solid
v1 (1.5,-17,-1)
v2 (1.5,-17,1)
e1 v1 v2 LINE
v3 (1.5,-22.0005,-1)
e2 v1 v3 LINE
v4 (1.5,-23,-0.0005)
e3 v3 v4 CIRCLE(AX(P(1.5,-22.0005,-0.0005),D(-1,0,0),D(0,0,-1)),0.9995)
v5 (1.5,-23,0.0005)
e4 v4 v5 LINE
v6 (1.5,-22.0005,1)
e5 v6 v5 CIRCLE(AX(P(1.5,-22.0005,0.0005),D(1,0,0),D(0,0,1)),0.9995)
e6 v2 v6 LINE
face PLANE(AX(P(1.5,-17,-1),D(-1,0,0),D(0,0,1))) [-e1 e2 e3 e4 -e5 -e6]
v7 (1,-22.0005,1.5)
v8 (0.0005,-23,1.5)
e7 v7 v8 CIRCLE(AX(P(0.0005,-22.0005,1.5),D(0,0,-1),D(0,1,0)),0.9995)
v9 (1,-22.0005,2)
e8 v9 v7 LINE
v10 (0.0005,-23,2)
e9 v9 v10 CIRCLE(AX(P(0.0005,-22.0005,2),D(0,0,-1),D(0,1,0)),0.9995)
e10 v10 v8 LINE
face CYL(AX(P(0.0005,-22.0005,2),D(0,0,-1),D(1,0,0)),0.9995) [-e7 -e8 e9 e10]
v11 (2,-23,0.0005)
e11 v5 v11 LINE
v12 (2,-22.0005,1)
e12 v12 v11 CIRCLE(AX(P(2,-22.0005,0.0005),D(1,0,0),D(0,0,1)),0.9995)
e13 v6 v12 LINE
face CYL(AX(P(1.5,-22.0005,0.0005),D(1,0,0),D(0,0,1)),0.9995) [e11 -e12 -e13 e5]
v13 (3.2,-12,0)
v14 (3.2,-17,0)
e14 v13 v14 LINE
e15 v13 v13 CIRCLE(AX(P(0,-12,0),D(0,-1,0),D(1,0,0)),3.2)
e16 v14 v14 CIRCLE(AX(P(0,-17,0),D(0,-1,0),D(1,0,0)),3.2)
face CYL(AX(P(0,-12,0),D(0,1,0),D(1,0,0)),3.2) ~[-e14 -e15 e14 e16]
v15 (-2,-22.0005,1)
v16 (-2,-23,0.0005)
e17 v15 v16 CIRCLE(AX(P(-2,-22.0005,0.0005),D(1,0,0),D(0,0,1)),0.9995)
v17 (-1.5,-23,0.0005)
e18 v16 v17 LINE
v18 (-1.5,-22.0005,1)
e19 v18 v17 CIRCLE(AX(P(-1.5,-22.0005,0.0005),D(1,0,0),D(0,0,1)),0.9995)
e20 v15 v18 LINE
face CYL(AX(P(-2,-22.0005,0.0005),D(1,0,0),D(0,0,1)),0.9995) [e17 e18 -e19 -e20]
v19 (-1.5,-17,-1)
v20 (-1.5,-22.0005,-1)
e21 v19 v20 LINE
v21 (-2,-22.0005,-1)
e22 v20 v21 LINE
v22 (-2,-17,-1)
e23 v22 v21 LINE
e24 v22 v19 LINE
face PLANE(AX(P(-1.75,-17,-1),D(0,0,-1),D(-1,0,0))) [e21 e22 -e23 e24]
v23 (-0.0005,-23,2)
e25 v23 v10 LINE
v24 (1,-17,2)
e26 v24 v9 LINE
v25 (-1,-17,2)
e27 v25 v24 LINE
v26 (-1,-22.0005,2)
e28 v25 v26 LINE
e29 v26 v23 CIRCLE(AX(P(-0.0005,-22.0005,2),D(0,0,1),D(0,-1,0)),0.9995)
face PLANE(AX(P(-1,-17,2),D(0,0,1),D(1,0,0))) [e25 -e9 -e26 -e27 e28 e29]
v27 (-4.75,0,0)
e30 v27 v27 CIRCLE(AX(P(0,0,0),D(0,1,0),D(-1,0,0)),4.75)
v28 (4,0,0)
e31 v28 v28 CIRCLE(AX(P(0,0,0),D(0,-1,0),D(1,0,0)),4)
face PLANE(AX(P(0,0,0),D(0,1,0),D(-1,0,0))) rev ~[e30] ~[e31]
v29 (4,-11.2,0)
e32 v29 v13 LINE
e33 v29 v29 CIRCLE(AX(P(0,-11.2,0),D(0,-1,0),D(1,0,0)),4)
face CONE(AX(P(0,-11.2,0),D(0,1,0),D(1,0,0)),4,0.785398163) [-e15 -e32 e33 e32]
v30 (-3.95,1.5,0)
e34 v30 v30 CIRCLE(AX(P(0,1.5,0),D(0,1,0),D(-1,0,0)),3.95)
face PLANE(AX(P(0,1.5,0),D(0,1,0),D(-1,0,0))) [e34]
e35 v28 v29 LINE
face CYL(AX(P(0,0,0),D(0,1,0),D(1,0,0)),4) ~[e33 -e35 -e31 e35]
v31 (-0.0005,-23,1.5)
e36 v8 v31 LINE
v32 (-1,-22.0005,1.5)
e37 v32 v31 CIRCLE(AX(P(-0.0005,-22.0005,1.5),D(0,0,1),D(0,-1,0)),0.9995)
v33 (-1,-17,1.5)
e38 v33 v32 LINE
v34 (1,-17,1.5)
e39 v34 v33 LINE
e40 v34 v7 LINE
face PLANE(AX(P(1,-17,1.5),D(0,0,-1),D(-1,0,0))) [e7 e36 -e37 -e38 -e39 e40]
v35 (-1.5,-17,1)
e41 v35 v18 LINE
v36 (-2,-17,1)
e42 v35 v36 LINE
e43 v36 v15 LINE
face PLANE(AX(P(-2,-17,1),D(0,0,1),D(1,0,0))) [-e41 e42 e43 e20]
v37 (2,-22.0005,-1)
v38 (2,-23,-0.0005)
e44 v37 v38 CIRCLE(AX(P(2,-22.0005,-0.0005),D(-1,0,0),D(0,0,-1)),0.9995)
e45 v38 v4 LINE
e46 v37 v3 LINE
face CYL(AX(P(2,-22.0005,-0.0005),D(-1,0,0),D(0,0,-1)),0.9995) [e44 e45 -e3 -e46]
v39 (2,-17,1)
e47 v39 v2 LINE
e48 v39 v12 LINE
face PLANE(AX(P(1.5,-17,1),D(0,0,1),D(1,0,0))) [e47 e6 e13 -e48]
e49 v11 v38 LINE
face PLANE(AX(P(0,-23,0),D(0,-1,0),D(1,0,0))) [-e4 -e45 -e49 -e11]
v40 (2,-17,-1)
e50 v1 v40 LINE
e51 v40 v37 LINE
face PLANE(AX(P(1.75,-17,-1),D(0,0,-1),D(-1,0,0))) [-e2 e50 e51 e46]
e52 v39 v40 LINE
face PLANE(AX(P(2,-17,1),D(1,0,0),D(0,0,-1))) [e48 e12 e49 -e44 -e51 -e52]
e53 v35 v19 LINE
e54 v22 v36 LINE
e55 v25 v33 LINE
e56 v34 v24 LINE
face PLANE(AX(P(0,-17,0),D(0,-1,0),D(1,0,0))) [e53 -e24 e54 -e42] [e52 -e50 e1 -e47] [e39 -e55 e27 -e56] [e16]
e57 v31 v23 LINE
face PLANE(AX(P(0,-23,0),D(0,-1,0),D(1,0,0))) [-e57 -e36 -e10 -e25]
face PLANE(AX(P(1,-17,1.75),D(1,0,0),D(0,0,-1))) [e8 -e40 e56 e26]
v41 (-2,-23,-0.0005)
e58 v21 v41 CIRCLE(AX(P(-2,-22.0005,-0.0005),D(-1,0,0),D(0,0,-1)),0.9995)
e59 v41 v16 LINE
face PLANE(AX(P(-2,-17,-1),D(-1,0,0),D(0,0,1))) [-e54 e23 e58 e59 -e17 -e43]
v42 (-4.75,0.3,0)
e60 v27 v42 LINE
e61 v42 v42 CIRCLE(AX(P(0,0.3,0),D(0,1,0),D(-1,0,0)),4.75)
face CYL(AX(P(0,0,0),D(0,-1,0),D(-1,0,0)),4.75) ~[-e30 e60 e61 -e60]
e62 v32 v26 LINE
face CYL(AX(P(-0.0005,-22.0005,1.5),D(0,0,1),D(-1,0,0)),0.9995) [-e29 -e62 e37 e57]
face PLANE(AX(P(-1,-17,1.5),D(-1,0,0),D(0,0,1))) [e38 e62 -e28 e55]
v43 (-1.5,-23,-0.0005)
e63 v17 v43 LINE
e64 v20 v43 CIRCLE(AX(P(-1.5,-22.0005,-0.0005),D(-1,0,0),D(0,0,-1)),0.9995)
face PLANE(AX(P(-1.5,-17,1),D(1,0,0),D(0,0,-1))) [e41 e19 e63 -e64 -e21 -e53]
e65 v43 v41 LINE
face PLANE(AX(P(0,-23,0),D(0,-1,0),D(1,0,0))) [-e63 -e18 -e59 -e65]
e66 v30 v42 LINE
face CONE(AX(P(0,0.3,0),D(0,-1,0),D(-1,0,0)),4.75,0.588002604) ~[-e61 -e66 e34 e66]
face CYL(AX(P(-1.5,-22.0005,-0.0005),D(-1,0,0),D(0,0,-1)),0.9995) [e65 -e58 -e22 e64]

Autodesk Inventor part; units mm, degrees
ref_plane "YZ Plane" through (0, 0, 0) normal (1, 0, 0) x (0, 1, 0)
ref_plane "XZ Plane" through (0, 0, 0) normal (0, 1, 0) x (-1, 0, 0)
ref_plane "XY Plane" through (0, 0, 0) normal (0, 0, 1) x (1, 0, 0)
sketch "Sketch1" plane through (0, 0, 0) normal (0, 1, 0) x (-1, 0, 0)
  circle A0 centre (0, 0) radius 4.75
  dimension "d0" = 9.5
extrude "Extrusion1" add sketch "Sketch1" along normal blind 1.5
chamfer "Chamfer1" distance 0.8 distance2 1.2 1 edges at (4.75, 1.5, 0) measured on face at (-1.1851, 1.5, -1.0499)
sketch "Sketch2" plane through (0, 0, 0) normal (0, -1, 0) x (1, 0, 0)
  circle A0 centre (0, 0) radius 4
  dimension "d6" = 8
extrude "Extrusion2" add sketch "Sketch2" along normal blind 12
chamfer "Chamfer2" distance 0.8 angle 45 1 edges at (-4, -12, 0)
thread "Thread1" size "M8x0.75" class "6g" standard "ANSI Metric M Profile" length 12.5
sketch "Sketch3" plane through (0, -12, 0) normal (0, -1, 0) x (1, 0, 0)
  circle A0 centre (0, 0) radius 3.2
extrude "Extrusion3" add sketch "Sketch3" along normal blind 5
sketch "Sketch4" plane through (0, -17, 0) normal (0, -1, 0) x (1, 0, 0)
  line L0 (1.75, -1.75) -> (-1.75, -1.75)
  line L1 (1.75, -1.75) -> (-1.75, 1.75) construction
  line L2 (-1.75, -1.75) -> (1.75, 1.75) construction
  line L3 (0, 6.1884) -> (0, -7.5413) construction
  line L4 (-9.3951, 0) -> (6.4878, 0) construction
  line L5 (1, 1.5) -> (-1, 1.5)
  line L6 (-1, 1.5) -> (-1, 2)
  line L7 (-1, 2) -> (1, 2)
  line L8 (1, 2) -> (1, 1.5)
  line L9 (1, 1.5) -> (-1, 2) construction
  line L10 (-1, 1.5) -> (1, 2) construction
  line L11 (2, -1) -> (1.5, -1)
  line L12 (1.5, -1) -> (1.5, 1)
  line L13 (1.5, 1) -> (2, 1)
  line L14 (2, 1) -> (2, -1)
  line L15 (2, -1) -> (1.5, 1) construction
  line L16 (1.5, -1) -> (2, 1) construction
  line L17 (-1.5, -1) -> (-2, -1)
  line L18 (-2, -1) -> (-2, 1)
  line L19 (-2, 1) -> (-1.5, 1)
  line L20 (-1.5, 1) -> (-1.5, -1)
  line L21 (-1.5, -1) -> (-2, 1) construction
  line L22 (-2, -1) -> (-1.5, 1) construction
  line L23 (1.75, 1.75) -> (1.75, 1)
  line L24 (1.75, -1) -> (1.75, -1.75)
  line L25 (-1.75, -1.75) -> (-1.75, -1)
  line L26 (-1.75, 1) -> (-1.75, 1.75)
  line L27 (-1.75, 1.75) -> (-1, 1.75)
  line L28 (1, 1.75) -> (1.75, 1.75)
  point P0 (0, 0)
  point P1 (0, 0)
  point P2 (0, 0)
  dimension "d16" = 3.5
  dimension "d17" = 3.5
  dimension "d18" = 2
  dimension "d19" = 0.5
  dimension "d20" = 0.5
  dimension "d21" = 2
  dimension "d22" = 0.5
  dimension "d23" = 2
extrude "Extrusion4" add sketch "Sketch4" along normal blind 6 contours L11 L12 L13 L14 | L17 L18 L19 L20 | L8 L5 L6 L7
fillet "Fillet1" radius 1 6 edges at (-1.75, -23, 1) (-1.75, -23, -1) (-1, -23, 1.75) (1, -23, 1.75) (1.75, -23, 1) (1.75, -23, -1)
properties part number "LED Indicator Farnell 19100054"
